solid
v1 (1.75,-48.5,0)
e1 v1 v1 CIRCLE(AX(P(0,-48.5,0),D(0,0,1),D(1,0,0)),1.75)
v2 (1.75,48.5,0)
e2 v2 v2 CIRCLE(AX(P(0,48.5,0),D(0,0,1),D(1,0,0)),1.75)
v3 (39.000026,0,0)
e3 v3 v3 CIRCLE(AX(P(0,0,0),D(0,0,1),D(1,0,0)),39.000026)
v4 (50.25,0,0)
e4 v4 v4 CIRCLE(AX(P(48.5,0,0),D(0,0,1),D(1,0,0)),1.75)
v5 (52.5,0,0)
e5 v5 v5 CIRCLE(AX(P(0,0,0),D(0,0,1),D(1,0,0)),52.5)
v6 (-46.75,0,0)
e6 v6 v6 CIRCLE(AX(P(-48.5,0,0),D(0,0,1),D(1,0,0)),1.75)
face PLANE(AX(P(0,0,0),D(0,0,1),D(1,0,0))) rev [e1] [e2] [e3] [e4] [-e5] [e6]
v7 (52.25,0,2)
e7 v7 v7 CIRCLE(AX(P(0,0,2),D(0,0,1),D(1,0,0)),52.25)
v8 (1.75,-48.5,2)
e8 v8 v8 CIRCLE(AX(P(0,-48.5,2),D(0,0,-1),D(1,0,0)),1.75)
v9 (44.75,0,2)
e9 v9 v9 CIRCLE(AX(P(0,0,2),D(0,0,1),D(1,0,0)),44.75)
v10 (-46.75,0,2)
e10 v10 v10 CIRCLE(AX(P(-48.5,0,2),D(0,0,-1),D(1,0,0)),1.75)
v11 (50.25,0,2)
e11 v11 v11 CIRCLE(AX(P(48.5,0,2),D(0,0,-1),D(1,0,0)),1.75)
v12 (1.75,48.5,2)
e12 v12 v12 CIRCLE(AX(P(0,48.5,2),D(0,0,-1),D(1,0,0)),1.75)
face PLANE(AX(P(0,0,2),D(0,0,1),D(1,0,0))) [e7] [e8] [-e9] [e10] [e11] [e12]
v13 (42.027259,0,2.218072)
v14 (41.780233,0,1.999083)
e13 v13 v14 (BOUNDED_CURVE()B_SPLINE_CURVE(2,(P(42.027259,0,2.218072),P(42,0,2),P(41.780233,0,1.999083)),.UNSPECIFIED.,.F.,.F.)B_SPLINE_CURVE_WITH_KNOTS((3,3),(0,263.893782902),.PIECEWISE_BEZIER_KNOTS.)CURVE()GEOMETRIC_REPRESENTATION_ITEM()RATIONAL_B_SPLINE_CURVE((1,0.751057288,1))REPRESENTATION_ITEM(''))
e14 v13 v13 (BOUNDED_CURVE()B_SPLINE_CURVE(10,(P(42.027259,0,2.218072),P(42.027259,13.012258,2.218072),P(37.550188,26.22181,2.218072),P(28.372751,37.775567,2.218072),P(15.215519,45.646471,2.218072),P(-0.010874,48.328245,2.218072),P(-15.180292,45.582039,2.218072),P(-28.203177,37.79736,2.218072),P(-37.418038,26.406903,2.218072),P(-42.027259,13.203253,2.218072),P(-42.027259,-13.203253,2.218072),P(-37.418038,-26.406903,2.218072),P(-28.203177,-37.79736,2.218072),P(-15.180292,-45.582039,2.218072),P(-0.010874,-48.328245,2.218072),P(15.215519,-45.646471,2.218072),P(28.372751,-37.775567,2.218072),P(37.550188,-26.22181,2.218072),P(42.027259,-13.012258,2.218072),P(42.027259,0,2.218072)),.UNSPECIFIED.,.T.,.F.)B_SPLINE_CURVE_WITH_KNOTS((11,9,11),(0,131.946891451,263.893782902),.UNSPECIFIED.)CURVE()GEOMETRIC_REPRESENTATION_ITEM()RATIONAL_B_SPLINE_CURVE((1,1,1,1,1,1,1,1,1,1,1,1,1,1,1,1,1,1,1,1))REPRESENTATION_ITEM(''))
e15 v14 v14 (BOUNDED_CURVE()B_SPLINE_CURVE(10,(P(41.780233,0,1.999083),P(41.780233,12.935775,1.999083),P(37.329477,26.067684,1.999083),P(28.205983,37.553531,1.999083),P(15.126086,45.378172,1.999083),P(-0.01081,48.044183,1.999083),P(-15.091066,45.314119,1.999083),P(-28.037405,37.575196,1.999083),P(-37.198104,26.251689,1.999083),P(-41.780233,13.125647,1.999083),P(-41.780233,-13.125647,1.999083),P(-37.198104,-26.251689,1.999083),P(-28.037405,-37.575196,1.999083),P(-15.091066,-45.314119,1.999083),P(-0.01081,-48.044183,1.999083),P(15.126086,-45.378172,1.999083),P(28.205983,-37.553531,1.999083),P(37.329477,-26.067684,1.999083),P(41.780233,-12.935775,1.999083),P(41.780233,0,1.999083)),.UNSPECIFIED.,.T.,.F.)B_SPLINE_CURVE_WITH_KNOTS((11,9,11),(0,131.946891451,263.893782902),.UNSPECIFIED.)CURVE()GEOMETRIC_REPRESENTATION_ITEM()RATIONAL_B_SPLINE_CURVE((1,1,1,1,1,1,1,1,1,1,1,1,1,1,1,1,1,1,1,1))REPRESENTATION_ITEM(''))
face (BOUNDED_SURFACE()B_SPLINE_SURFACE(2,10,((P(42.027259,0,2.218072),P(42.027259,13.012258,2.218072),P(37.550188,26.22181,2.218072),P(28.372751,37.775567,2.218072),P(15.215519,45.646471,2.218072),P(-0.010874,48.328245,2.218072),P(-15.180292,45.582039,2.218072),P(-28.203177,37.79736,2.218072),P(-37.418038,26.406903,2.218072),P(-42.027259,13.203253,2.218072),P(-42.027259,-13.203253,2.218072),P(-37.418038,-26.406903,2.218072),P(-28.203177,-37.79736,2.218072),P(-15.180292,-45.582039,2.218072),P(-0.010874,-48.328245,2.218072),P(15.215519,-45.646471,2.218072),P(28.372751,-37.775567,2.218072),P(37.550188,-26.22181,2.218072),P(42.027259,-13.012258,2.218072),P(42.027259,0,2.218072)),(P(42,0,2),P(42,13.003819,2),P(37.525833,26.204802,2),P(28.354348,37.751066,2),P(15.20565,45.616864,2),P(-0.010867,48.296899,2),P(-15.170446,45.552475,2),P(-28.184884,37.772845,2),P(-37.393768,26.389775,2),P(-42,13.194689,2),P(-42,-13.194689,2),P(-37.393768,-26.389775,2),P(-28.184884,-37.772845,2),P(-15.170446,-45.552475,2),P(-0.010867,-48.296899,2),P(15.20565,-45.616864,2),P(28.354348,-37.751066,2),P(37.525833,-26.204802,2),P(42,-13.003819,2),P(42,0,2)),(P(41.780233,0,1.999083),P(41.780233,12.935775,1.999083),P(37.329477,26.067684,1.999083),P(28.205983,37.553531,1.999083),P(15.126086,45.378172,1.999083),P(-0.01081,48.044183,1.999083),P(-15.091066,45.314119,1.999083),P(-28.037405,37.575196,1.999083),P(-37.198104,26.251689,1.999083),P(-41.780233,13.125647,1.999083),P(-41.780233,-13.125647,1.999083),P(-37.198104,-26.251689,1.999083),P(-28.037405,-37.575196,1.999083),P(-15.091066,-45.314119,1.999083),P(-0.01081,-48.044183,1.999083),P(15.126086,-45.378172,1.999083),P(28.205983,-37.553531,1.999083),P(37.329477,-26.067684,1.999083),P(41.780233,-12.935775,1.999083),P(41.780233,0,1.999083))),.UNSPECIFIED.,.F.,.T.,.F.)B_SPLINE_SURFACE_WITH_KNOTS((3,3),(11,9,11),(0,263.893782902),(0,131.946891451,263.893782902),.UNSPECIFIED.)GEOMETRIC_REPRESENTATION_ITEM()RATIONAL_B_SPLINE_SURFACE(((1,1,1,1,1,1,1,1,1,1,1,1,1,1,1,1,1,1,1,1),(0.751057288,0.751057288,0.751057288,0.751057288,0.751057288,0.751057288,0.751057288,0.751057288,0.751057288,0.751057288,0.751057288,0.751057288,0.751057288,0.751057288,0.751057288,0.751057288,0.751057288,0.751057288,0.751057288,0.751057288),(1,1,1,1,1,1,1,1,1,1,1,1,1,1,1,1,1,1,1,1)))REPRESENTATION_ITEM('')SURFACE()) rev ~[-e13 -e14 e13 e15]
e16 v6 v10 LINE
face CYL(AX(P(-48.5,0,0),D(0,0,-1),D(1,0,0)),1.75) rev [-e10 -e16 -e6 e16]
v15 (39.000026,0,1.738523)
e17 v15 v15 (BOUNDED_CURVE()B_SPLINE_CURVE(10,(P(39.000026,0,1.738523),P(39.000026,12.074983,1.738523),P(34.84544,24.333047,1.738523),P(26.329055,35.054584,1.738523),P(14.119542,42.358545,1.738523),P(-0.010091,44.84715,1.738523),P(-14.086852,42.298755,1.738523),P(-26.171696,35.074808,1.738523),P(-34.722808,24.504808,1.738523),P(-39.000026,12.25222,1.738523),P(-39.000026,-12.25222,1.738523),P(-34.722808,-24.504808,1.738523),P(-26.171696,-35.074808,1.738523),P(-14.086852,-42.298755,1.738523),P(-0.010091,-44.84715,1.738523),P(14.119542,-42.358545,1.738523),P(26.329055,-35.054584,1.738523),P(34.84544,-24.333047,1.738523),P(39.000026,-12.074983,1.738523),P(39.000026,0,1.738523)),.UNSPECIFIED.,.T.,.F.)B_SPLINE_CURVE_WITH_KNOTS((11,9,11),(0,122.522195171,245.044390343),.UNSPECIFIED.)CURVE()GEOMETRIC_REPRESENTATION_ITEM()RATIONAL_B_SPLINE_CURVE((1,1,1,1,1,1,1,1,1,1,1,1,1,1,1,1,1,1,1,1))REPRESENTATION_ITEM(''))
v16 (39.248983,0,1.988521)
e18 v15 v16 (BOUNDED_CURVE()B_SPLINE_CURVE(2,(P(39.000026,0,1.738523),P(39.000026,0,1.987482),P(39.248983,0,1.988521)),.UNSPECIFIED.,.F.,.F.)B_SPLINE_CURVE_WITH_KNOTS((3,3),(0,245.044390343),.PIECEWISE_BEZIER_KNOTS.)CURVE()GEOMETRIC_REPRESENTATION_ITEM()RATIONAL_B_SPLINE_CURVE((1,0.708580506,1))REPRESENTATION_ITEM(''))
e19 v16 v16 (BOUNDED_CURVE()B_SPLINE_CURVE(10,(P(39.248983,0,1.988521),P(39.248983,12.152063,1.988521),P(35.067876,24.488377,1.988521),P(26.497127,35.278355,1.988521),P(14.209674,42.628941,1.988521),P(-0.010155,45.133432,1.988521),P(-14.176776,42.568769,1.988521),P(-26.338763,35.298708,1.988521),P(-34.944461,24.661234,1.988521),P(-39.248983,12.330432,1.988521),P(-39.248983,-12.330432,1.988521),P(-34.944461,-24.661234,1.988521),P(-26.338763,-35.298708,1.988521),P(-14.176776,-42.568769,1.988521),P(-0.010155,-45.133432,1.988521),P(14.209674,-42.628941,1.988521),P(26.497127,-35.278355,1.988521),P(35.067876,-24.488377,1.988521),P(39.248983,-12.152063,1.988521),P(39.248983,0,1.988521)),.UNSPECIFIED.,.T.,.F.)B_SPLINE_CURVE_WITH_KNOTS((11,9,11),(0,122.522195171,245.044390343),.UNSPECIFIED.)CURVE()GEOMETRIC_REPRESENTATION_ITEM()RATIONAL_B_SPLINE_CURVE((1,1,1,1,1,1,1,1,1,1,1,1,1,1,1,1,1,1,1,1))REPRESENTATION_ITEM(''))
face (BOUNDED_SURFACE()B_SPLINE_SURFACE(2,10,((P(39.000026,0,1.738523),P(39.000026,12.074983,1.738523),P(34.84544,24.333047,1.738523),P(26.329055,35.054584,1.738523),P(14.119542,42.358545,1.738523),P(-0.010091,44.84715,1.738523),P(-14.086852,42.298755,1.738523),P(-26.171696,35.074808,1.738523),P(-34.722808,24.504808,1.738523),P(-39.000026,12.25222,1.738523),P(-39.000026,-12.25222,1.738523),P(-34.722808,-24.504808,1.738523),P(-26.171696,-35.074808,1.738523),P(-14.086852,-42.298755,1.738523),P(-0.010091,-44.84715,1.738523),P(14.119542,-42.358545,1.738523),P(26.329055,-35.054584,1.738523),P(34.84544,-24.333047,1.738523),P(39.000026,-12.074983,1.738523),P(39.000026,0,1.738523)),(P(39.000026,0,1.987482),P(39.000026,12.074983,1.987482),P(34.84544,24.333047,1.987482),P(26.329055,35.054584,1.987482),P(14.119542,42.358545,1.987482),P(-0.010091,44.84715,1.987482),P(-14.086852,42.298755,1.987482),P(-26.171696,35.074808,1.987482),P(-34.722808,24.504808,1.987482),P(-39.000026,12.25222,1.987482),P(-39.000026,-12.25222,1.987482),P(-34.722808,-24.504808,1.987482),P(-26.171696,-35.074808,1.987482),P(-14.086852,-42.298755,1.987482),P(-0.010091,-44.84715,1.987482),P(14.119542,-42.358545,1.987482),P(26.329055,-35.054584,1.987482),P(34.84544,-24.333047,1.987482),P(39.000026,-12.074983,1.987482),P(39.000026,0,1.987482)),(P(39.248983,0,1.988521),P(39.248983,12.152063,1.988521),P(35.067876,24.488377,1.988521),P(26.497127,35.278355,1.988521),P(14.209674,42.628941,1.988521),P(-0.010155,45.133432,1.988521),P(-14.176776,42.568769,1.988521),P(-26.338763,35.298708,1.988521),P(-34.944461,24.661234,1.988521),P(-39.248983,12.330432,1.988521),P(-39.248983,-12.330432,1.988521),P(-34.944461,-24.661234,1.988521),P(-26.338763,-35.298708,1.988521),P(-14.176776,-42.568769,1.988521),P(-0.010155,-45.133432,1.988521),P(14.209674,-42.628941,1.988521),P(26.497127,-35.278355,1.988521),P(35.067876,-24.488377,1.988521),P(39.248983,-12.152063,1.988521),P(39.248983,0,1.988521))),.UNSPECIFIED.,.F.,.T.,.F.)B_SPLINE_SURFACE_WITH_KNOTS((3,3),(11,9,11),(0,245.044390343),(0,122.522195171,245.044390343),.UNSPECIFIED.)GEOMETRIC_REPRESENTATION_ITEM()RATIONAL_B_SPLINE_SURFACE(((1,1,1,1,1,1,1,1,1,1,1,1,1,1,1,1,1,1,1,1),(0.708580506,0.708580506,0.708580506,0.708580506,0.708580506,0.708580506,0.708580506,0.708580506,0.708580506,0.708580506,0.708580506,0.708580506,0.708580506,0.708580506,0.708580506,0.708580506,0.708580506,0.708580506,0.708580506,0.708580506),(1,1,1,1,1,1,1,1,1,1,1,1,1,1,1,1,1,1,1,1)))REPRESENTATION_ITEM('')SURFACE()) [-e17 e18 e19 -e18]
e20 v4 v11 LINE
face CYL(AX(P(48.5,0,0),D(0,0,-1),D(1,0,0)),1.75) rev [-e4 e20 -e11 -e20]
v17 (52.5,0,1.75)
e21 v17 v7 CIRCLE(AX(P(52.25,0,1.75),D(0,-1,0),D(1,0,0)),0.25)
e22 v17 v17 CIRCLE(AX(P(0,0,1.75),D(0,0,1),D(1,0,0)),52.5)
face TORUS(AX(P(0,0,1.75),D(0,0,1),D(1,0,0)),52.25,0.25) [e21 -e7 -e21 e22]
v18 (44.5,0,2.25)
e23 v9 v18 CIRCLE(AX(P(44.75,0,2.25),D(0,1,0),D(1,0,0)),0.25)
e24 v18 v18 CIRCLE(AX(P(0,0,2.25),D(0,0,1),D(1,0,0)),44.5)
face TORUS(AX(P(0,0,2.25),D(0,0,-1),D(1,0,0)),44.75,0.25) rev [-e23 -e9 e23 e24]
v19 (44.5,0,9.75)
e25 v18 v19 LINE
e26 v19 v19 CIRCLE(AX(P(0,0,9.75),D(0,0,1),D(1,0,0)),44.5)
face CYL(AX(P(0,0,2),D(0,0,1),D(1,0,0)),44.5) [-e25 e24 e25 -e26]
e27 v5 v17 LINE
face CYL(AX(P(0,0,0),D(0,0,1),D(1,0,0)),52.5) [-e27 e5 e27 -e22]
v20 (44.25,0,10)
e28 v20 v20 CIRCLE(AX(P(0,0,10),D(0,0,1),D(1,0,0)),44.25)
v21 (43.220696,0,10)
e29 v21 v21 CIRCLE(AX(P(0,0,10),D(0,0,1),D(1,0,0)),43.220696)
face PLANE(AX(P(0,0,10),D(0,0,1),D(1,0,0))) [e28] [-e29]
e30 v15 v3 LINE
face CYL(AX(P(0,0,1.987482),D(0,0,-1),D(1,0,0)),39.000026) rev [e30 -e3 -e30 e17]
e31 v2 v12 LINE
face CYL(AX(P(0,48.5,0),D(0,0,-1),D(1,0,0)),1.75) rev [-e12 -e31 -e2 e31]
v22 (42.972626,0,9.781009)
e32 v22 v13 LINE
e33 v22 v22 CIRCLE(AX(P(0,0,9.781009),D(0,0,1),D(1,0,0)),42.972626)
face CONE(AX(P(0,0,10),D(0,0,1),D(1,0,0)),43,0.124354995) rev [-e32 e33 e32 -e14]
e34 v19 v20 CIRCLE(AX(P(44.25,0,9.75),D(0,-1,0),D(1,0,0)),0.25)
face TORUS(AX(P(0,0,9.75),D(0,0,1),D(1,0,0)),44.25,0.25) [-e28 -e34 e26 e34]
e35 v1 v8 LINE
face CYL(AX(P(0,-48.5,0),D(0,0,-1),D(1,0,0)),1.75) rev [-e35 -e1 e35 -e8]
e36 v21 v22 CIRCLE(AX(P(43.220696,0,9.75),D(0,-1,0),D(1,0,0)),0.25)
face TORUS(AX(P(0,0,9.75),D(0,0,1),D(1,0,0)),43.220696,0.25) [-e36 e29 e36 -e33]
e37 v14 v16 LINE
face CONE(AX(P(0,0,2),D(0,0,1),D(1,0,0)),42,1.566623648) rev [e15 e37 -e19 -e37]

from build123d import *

# Parameters (mm, degrees)
F2_R     = 0.25
F3_R     = 1.75
F4_DEPTH = 10.001


with BuildPart() as f1:
    # F0 (on Front) → F1 (revolve)
    with BuildSketch(Plane.XZ):
        Polygon((39.000026, 1.987482), (39.000026, 0), (52.5, 0), (52.5, 2), (44.5, 2), (44.5, 10), (43, 10), (42, 2), align=None)
    revolve(axis=Axis((0, 0, 23.853475), (0, 0, 1)))

    # F2
    f2_edges = [f1.edges().sort_by_distance(p)[0] for p in [
        (-43, 0, 10),
        (-44.5, 0, 10),
        (-44.5, 0, 2),
        (-52.5, 0, 2),
        (-42, 0, 2),
        (-39.000026, 0, 1.987482),
    ]]
    fillet(f2_edges, radius=F2_R)

    # F3 (on Top) → F4 (cut, through all)
    with BuildSketch(Plane.XY):
        with Locations((48.5, 0)):
            Circle(F3_R)
        with Locations((0, 48.5)):
            Circle(F3_R)
        with Locations((-48.5, 0)):
            Circle(F3_R)
        with Locations((0, -48.5)):
            Circle(F3_R)
    extrude(amount=F4_DEPTH, mode=Mode.SUBTRACT)


solid = f1.part
